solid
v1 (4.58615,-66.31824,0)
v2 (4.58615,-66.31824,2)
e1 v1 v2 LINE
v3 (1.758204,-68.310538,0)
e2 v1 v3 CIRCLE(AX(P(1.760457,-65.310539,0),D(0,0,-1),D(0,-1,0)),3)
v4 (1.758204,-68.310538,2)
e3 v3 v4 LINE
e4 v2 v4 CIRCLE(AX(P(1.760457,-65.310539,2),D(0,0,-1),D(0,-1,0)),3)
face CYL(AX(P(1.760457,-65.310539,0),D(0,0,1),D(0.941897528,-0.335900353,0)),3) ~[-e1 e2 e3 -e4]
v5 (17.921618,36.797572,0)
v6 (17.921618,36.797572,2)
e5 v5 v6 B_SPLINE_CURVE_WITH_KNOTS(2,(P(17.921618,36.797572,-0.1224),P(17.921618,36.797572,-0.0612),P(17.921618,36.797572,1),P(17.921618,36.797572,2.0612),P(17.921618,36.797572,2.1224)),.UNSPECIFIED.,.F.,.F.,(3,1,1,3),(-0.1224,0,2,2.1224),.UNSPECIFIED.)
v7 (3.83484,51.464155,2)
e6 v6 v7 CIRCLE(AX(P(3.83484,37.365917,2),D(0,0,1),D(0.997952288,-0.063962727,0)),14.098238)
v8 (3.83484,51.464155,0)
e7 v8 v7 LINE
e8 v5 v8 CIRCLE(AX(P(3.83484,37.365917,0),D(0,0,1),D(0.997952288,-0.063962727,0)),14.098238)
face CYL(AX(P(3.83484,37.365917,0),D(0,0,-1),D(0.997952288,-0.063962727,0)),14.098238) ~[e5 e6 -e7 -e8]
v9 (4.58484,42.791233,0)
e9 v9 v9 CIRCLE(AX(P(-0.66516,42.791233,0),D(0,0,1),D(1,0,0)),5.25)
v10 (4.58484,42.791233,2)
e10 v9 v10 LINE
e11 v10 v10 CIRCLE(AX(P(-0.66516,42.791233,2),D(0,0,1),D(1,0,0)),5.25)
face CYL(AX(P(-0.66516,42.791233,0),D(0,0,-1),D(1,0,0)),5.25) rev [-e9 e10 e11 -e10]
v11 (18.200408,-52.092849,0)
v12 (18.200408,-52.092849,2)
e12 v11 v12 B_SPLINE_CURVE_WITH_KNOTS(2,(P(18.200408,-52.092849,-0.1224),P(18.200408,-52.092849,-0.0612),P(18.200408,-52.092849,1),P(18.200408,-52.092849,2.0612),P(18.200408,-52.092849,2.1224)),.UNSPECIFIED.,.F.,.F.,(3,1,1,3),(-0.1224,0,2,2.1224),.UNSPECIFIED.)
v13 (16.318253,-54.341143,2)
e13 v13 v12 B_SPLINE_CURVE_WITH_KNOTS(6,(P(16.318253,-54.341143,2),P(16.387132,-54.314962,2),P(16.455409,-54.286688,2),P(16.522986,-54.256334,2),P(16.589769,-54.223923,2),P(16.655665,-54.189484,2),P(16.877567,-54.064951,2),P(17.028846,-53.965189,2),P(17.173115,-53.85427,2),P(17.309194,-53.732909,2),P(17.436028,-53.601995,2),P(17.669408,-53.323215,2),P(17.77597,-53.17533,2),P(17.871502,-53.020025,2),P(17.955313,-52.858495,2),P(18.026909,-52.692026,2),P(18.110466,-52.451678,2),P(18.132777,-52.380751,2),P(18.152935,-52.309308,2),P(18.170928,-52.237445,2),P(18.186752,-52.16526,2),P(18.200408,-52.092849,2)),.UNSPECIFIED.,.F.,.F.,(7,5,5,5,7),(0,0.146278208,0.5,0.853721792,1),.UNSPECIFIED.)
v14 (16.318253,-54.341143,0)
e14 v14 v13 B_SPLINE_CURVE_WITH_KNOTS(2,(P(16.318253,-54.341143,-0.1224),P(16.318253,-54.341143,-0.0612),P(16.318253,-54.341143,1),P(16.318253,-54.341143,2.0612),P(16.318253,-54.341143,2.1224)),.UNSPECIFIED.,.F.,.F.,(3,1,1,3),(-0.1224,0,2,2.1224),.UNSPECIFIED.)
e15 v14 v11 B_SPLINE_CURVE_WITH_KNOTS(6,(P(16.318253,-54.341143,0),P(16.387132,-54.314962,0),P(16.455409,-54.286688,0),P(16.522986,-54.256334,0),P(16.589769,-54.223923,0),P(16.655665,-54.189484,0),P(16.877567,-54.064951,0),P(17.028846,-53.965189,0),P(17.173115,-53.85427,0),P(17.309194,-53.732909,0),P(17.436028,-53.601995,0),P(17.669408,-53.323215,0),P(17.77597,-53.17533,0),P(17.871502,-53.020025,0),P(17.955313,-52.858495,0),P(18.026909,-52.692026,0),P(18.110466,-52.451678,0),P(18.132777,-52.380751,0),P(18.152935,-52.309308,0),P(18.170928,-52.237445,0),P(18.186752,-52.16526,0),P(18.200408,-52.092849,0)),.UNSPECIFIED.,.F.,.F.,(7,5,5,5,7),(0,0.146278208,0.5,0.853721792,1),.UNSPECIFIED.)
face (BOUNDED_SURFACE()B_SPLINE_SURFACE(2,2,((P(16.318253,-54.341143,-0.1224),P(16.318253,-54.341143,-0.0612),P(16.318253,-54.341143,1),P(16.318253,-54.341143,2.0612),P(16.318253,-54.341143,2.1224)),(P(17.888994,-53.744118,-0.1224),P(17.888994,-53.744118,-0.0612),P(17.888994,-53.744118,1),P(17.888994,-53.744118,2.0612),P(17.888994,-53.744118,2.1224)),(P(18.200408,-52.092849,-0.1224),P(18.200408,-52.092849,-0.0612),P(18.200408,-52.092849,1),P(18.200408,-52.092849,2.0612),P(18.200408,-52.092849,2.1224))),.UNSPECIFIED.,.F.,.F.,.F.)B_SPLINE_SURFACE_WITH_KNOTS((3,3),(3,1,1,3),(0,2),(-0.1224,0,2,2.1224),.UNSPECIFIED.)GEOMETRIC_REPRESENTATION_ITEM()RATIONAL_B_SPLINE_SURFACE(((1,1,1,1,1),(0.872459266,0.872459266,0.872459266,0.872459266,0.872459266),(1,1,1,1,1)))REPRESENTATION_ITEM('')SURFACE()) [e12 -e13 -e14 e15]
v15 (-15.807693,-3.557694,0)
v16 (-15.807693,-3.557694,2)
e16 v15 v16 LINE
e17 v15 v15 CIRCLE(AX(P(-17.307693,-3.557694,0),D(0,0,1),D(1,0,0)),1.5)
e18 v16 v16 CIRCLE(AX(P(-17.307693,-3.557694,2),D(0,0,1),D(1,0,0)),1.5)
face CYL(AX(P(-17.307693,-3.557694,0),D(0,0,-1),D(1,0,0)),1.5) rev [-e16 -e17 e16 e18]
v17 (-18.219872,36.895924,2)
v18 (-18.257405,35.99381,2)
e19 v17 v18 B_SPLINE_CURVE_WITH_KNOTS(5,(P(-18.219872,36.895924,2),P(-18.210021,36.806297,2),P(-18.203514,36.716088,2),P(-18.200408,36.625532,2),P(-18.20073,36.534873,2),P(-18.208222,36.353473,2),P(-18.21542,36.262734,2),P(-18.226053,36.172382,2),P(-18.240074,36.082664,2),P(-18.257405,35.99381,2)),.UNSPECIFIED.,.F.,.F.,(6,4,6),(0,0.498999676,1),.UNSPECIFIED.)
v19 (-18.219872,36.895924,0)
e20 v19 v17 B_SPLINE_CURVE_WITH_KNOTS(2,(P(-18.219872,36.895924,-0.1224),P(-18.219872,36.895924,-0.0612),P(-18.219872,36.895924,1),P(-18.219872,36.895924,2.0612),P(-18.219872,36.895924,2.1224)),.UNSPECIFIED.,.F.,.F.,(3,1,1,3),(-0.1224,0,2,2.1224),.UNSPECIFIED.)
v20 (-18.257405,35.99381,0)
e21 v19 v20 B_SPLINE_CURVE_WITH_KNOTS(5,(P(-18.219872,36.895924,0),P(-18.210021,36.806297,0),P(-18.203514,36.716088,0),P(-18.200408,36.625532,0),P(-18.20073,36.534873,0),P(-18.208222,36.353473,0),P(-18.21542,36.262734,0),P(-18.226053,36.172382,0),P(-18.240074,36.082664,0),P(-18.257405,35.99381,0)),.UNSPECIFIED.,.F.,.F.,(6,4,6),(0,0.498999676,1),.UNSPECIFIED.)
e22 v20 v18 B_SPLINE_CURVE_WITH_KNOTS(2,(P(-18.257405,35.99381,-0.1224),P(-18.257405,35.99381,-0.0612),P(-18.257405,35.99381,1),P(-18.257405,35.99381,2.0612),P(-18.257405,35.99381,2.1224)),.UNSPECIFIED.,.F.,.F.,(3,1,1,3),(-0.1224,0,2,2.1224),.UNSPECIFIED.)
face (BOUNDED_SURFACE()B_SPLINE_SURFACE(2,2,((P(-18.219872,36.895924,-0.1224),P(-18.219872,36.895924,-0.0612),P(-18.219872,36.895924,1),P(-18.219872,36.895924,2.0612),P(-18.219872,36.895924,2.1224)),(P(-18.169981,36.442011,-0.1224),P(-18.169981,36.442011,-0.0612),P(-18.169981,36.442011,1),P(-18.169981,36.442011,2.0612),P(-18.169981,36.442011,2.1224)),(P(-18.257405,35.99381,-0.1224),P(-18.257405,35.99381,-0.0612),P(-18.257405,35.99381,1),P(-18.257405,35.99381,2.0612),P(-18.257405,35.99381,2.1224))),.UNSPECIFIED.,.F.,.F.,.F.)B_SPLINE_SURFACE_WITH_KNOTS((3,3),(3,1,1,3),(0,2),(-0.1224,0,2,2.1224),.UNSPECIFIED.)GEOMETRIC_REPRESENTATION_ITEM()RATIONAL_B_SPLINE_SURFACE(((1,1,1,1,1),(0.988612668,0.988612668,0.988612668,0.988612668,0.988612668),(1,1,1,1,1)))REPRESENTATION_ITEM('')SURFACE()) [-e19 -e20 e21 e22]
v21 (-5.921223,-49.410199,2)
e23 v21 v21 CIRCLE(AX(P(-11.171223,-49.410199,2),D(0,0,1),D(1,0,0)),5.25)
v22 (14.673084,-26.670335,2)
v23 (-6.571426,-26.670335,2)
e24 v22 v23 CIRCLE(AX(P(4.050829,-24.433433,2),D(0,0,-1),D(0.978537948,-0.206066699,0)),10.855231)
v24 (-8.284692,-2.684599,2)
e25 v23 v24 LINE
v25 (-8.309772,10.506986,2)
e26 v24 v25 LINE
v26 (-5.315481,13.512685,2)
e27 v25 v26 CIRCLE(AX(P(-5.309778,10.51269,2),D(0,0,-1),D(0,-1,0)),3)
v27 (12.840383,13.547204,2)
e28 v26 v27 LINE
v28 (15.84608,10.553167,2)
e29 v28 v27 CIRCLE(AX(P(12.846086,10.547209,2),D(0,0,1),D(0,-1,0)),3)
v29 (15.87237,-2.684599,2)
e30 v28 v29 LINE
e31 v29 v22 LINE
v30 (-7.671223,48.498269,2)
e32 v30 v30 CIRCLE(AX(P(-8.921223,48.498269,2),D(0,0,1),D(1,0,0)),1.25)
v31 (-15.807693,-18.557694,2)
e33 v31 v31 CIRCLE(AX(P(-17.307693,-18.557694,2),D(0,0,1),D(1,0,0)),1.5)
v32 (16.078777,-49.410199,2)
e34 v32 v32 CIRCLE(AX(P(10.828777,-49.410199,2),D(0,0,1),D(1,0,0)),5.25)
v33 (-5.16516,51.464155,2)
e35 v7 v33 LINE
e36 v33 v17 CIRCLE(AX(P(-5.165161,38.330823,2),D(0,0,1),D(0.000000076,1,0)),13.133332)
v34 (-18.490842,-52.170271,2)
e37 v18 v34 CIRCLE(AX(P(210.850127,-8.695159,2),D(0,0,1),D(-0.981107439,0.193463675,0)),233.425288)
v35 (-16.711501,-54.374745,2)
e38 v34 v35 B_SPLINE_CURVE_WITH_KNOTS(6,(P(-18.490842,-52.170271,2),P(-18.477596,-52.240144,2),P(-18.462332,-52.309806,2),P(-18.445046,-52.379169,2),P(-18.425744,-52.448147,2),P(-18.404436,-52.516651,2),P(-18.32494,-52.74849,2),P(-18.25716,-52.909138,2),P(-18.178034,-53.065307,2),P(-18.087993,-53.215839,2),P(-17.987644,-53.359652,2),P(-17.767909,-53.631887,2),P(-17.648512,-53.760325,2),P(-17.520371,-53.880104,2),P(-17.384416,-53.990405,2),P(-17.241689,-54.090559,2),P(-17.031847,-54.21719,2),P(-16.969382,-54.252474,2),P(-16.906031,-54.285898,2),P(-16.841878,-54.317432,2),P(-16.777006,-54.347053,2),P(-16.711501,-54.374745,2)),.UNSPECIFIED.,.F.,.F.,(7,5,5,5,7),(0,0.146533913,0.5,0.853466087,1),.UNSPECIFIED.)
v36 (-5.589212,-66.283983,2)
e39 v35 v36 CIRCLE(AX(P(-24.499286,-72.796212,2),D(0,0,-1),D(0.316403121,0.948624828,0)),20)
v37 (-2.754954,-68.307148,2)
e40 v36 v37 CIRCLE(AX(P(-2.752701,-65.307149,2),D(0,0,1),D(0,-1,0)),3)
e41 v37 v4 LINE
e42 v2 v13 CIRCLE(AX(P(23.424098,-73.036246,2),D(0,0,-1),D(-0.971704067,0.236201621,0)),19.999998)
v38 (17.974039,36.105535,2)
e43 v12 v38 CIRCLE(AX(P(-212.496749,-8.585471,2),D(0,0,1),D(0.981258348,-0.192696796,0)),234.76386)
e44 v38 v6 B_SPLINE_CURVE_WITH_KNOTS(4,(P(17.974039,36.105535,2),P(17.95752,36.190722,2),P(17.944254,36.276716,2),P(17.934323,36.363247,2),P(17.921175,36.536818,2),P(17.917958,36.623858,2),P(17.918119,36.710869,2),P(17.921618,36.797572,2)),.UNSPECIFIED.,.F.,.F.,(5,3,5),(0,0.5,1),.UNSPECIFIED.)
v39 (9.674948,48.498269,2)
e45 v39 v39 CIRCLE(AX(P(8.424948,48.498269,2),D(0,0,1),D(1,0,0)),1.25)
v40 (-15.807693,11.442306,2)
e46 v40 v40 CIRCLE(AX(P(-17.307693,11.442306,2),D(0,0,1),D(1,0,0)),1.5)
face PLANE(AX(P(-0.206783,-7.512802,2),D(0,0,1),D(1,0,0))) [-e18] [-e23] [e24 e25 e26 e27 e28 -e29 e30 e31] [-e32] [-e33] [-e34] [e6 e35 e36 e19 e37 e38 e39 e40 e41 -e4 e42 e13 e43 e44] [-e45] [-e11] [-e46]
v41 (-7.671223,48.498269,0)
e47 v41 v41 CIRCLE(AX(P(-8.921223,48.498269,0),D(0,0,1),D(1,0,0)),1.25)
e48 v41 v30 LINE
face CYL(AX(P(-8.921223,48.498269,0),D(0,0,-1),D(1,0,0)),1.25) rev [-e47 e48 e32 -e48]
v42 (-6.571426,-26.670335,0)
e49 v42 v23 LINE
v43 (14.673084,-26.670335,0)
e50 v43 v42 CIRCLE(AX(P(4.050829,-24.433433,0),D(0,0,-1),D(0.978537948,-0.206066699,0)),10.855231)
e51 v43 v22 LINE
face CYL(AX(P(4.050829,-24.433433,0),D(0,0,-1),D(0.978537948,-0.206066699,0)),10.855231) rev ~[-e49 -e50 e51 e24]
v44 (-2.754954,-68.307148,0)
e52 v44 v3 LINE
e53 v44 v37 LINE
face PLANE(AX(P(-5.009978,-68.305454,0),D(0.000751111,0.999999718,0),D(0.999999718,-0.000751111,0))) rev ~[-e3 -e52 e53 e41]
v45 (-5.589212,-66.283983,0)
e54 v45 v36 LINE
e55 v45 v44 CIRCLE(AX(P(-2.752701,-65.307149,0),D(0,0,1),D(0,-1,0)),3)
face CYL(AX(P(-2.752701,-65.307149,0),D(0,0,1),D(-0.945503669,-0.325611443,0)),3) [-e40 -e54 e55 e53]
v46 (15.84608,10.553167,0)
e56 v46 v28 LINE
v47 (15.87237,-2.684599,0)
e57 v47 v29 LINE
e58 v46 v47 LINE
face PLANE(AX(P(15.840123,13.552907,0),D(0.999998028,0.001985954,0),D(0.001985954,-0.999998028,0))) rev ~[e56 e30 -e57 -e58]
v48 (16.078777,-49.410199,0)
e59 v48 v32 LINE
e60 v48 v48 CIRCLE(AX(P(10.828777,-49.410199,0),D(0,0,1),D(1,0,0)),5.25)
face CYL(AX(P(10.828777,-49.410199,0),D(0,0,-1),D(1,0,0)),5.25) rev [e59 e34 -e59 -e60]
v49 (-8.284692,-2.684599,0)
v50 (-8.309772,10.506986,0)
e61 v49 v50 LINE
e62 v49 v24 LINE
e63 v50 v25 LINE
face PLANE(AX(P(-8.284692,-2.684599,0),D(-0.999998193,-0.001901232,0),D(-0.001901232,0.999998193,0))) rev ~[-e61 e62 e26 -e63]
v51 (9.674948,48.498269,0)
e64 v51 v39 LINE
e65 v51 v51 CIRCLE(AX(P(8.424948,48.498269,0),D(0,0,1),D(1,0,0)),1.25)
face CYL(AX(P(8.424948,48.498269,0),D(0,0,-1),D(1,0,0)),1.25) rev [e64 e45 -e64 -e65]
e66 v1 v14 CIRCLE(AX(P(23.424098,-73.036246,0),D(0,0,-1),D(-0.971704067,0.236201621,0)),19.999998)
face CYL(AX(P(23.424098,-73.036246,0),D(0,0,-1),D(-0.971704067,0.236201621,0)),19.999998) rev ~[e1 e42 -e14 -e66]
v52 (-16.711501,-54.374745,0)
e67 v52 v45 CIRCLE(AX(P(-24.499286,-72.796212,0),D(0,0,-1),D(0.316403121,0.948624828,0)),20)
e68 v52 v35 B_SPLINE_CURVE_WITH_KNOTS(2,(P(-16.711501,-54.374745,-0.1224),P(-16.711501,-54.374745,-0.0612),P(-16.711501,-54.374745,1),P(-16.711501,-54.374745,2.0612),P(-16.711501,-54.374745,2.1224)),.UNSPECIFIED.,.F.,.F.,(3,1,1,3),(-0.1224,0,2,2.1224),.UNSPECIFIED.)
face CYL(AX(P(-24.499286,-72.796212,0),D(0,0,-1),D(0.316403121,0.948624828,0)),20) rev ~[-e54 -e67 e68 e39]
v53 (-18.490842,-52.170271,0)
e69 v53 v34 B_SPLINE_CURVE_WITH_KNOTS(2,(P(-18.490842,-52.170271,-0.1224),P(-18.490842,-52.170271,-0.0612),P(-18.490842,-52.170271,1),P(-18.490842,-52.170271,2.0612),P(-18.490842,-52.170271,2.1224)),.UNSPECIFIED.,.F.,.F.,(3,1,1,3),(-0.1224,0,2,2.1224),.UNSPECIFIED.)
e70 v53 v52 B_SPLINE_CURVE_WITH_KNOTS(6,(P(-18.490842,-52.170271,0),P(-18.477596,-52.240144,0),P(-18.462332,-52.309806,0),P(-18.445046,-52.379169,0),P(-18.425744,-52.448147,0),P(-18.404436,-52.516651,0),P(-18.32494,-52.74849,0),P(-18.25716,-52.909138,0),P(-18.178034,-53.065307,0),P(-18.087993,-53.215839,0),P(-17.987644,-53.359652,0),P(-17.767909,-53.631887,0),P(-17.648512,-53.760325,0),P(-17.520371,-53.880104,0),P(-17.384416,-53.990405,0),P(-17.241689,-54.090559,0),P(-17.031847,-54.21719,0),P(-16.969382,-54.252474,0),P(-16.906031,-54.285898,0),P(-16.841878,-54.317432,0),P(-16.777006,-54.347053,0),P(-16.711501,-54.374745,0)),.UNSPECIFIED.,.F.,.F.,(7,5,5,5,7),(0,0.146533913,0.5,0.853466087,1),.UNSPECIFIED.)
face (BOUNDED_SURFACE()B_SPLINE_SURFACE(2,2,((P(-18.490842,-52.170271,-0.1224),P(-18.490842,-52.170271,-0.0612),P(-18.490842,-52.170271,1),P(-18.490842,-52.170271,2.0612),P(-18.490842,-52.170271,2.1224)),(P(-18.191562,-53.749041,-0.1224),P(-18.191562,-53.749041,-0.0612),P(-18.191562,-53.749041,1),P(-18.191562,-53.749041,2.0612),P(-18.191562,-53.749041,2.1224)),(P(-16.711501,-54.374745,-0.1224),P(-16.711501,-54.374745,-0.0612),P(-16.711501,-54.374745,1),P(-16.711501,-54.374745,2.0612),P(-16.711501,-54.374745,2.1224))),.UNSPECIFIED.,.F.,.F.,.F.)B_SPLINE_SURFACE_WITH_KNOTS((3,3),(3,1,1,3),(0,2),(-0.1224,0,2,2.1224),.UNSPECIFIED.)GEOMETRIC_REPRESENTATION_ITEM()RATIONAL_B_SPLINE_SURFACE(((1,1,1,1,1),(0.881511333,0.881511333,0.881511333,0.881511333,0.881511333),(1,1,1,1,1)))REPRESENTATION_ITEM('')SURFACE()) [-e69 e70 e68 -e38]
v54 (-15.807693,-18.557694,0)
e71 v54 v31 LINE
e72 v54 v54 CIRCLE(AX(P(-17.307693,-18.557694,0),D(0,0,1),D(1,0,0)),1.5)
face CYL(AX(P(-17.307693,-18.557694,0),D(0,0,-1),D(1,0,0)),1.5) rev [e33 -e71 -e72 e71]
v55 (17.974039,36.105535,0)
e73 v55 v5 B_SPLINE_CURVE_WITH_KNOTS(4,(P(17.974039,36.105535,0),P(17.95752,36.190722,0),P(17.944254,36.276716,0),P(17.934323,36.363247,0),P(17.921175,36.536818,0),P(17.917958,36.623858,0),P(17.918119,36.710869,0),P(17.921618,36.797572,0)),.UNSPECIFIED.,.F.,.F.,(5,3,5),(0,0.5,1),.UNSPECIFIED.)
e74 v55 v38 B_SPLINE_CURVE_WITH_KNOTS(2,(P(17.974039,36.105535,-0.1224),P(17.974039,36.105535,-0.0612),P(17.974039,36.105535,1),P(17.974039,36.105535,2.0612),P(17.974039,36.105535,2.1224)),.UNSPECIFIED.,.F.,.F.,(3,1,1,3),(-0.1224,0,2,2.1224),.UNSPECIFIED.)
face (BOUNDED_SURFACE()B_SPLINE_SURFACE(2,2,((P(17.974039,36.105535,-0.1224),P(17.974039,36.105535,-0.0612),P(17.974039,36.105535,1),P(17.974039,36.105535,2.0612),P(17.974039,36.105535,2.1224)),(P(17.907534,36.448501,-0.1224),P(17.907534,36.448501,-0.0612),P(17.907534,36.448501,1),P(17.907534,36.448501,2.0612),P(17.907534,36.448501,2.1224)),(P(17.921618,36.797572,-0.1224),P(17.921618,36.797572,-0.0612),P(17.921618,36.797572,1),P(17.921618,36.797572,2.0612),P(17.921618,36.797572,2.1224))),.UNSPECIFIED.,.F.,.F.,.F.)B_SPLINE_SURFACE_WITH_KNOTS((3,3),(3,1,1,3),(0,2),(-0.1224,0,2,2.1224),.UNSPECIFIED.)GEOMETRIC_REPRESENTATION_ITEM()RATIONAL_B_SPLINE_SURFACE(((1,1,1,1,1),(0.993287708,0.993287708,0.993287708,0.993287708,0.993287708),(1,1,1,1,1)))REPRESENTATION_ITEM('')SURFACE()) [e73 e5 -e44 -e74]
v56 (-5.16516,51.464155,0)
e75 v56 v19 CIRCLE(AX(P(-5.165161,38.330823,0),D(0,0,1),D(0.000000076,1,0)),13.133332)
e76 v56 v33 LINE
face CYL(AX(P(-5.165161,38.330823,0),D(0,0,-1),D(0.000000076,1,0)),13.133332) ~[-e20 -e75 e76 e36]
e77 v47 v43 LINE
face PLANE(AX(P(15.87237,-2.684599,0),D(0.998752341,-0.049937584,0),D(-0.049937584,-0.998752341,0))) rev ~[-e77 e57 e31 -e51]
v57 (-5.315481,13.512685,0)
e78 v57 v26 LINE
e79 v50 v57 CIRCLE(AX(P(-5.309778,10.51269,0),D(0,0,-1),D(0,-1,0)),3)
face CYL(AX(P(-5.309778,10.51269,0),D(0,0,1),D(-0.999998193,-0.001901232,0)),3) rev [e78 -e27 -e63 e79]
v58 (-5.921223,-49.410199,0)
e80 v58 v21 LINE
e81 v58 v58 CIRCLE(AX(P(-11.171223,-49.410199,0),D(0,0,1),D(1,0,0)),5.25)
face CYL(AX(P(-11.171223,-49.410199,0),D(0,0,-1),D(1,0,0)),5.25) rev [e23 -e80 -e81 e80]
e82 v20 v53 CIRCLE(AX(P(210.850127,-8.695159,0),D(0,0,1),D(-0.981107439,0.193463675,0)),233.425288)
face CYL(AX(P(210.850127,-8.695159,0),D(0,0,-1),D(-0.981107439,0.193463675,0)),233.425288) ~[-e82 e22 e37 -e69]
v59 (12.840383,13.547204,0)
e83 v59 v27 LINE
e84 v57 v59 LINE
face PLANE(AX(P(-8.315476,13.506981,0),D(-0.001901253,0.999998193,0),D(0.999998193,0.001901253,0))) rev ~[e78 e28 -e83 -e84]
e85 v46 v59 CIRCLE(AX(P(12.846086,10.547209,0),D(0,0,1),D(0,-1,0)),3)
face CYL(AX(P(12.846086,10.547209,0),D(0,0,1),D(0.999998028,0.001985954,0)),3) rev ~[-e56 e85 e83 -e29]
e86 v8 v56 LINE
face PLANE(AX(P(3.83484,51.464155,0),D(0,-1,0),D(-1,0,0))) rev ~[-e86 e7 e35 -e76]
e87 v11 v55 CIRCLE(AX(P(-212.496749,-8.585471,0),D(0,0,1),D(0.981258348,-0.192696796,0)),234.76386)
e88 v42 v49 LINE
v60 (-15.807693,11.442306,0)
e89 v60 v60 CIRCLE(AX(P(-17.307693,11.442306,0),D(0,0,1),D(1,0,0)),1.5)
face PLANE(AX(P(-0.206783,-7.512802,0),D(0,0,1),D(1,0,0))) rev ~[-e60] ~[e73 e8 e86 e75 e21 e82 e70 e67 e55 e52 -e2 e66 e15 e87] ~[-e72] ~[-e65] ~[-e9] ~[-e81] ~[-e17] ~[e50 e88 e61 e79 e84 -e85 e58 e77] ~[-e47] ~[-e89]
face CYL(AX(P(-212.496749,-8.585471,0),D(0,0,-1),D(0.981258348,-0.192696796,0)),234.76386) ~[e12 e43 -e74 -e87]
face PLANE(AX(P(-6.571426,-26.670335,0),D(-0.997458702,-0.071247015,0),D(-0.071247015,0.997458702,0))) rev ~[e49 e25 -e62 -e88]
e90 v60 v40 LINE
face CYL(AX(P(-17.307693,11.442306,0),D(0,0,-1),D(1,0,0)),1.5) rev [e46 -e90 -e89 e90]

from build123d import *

# Parameters (mm, degrees)
F0_R     = 5.25
F0_R_2   = 1.5
F0_W     = 5
F0_H     = 5
F0_R_3   = 1.25
F0_R_4   = 1.75
F1_DEPTH = 2
F2_R     = 3


with BuildPart() as f1:
    # F0 (on Top) → F1 (new body)
    with BuildSketch(Plane.XY):
        with BuildLine():
            ThreePointArc((3.990019, -68.312214), (8.980561, -59.20208), (17.867249, -53.823715))
            ThreePointArc((17.867249, -53.823715), (22.267092, -8.681573), (17.904209, 36.464155))
            ThreePointArc((17.904209, 36.464155), (14.117679, 47.010788), (3.83484, 51.464155))
            Line((3.83484, 51.464155), (-5.16516, 51.464155))
            ThreePointArc((-5.16516, 51.464155), (-15.089877, 46.932243), (-18.16516, 36.464155))
            ThreePointArc((-18.16516, 36.464155), (-22.575161, -8.679484), (-18.171223, -53.823715))
            ThreePointArc((-18.171223, -53.823715), (-9.698463, -59.344979), (-5.009978, -68.305454))
            Line((-5.009978, -68.305454), (3.990019, -68.312214))
        make_face()
        with Locations((-11.171223, -49.410199)):
            Circle(F0_R, mode=Mode.SUBTRACT)
        with Locations((-17.307693, -18.557694)):
            Circle(F0_R_2, mode=Mode.SUBTRACT)
        with Locations((10.828777, -49.410199)):
            Circle(F0_R, mode=Mode.SUBTRACT)
        with BuildLine():
            Line((15.87237, -2.684599), (14.673084, -26.670335))
            ThreePointArc((14.673084, -26.670335), (4.050829, -35.288664), (-6.571426, -26.670335))
            Line((-6.571426, -26.670335), (-8.284692, -2.684599))
            Line((-8.284692, -2.684599), (-8.315476, 13.506981))
            Line((-8.315476, 13.506981), (15.840123, 13.552907))
            Line((15.840123, 13.552907), (15.87237, -2.684599))
        make_face(mode=Mode.SUBTRACT)
        with Locations((-17.307693, -3.557694)):
            Circle(F0_R_2, mode=Mode.SUBTRACT)
        with Locations((-17.307693, 11.442306)):
            Circle(F0_R_2, mode=Mode.SUBTRACT)
        with Locations((-12.265522, 28.964155)):
            Rectangle(F0_W, F0_H, mode=Mode.SUBTRACT)
        with Locations((-8.921223, 48.498269)):
            Circle(F0_R_3, mode=Mode.SUBTRACT)
        with Locations((-0.66516, 42.791233)):
            Circle(F0_R, mode=Mode.SUBTRACT)
        Polygon((8.443961, 26.498776), (8.424948, 31.49874), (13.424912, 31.517753), (13.443924, 26.517789), align=None, mode=Mode.SUBTRACT)
        with Locations((8.424948, 48.498269)):
            Circle(F0_R_3, mode=Mode.SUBTRACT)
        with Locations((-12.265522, 28.964155)):
            Rectangle(F0_W, F0_H)
        with Locations((-12.265522, 28.964155)):
            Circle(F0_R_4, mode=Mode.SUBTRACT)
        with Locations((-12.265522, 28.964155)):
            Circle(F0_R_4)
        Polygon((13.424912, 31.517753), (8.424948, 31.49874), (8.443961, 26.498776), (13.443924, 26.517789), align=None)
        with Locations((10.934436, 29.008265)):
            Circle(F0_R_4, mode=Mode.SUBTRACT)
        with Locations((10.934436, 29.008265)):
            Circle(F0_R_4)
    extrude(amount=F1_DEPTH)

    # F2
    f2_edges = [f1.edges().sort_by_distance(p)[0] for p in [
        (3.990019, -68.312214, 1),
        (-5.009978, -68.305454, 1),
        (-8.315476, 13.506981, 1),
        (15.840123, 13.552907, 1),
        (17.904209, 36.464155, 1),
        (-18.16516, 36.464155, 1),
        (17.867249, -53.823715, 1),
        (-18.171223, -53.823715, 1),
    ]]
    fillet(f2_edges, radius=F2_R)


solid = f1.part
